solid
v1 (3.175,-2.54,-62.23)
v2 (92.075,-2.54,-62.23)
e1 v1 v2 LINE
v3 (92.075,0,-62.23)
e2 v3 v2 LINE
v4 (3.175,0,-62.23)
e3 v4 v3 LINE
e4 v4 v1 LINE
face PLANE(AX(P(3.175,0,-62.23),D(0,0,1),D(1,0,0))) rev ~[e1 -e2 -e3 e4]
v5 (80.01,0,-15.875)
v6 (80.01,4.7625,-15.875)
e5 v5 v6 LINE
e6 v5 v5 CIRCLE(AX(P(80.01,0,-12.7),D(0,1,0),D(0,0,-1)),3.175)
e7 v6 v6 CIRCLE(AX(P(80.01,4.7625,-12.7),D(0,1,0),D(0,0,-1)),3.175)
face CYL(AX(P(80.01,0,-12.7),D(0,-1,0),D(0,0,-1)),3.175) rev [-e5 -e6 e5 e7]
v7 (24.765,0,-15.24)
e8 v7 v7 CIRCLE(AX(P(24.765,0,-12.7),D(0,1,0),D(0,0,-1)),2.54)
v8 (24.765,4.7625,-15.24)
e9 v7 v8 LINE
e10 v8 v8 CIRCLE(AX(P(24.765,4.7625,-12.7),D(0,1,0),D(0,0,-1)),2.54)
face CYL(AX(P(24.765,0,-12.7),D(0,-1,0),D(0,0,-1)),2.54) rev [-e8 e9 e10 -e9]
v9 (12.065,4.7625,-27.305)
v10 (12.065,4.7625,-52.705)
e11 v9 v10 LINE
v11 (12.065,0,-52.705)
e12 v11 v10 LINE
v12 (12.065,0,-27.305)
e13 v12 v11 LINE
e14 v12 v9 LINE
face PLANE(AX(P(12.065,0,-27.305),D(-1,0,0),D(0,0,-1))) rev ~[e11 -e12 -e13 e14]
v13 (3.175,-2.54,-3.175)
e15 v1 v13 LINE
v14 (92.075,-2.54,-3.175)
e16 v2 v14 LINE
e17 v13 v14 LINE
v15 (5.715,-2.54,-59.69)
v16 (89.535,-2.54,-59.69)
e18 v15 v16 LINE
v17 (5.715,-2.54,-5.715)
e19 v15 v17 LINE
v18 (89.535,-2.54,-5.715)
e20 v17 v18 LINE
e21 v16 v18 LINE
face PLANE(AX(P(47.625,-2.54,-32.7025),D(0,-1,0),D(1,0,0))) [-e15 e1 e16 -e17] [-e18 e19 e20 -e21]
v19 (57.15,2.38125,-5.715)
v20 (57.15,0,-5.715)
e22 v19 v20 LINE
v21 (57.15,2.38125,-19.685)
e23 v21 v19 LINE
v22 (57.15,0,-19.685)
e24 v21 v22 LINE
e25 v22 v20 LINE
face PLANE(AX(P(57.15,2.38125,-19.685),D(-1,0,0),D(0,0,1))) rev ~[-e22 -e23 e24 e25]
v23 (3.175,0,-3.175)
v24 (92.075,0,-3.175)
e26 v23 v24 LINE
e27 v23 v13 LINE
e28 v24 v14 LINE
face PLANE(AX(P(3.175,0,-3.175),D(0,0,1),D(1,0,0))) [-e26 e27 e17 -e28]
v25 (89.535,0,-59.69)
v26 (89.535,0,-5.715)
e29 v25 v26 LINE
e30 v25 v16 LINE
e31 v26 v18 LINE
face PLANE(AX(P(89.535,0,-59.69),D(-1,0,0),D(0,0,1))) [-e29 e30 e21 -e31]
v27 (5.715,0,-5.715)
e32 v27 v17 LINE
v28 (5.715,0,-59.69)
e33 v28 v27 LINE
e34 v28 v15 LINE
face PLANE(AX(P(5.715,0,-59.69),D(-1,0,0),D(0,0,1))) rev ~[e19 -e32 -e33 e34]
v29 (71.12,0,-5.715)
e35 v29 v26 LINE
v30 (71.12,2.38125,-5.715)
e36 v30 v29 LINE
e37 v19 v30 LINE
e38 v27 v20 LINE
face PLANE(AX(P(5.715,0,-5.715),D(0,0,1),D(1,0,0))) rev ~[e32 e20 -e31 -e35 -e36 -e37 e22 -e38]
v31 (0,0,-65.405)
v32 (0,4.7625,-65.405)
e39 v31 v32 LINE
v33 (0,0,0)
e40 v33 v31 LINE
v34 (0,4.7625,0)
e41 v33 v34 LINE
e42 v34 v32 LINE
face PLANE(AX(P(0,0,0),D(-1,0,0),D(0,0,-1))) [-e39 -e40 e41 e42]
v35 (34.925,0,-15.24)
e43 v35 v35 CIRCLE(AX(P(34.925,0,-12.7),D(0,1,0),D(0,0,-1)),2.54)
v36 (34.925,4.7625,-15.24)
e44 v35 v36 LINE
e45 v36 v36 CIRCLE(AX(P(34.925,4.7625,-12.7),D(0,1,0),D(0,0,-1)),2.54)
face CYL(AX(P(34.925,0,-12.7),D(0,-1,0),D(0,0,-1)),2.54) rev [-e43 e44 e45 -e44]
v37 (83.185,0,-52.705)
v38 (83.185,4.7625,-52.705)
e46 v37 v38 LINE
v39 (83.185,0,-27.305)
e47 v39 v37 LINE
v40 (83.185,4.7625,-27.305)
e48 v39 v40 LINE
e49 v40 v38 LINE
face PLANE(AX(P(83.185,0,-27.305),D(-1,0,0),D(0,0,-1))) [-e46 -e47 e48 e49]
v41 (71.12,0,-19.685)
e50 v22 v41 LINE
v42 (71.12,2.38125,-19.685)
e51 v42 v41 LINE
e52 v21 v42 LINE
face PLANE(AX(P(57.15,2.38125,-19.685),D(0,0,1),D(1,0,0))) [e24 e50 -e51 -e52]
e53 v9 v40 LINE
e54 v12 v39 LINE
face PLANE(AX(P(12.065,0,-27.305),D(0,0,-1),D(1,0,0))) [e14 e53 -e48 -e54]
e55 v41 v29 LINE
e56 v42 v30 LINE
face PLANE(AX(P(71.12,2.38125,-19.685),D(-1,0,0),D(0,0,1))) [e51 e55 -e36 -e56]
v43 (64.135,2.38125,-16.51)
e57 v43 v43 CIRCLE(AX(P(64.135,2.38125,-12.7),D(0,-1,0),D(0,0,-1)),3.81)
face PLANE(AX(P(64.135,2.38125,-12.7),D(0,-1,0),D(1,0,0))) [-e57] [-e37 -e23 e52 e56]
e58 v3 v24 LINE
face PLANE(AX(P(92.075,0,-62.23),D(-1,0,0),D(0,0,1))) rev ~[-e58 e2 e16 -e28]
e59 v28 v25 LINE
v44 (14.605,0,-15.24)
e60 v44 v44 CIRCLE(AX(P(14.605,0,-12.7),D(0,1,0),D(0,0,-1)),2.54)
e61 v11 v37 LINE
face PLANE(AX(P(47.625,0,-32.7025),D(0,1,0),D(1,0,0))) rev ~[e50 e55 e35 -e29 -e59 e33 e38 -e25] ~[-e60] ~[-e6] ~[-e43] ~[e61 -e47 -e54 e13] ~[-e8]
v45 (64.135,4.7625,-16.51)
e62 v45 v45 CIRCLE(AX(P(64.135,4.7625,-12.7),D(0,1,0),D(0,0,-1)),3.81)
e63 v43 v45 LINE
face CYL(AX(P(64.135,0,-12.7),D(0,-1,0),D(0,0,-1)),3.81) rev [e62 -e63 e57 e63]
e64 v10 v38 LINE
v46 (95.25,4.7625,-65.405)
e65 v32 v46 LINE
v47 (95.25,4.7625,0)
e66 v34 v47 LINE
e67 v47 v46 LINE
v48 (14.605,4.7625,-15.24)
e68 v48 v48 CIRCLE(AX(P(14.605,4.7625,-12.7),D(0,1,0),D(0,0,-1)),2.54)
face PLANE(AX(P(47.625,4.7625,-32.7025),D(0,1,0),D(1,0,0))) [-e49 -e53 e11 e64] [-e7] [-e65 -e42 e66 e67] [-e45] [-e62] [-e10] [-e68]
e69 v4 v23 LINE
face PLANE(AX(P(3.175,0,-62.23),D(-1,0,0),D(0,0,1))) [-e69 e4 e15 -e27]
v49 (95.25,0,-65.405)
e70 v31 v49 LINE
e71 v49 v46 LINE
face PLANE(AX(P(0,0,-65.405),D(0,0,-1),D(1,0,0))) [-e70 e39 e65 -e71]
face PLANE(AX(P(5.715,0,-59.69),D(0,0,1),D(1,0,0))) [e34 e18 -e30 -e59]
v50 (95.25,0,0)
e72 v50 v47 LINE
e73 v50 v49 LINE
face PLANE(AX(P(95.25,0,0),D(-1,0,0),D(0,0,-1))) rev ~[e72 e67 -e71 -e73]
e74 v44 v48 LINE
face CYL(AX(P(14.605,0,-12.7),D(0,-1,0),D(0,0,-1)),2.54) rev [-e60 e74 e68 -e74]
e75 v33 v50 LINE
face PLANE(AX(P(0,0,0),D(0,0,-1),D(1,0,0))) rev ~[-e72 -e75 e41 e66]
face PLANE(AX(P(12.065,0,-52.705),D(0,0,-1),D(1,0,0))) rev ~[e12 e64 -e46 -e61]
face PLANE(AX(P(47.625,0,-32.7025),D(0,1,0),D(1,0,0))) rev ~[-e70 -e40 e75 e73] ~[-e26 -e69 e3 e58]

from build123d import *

# Parameters (mm, degrees)
SKETCH1_W               = 95.25
SKETCH1_H               = 65.405
SKETCH1_R               = 2.54
SKETCH1_R_2             = 3.175
SKETCH1_R_3             = 3.81
SKETCH1_W_2             = 71.12
SKETCH1_H_2             = 25.4
BOSS_EXTRUDE1_DEPTH     = 4.7625
SKETCH3_W               = 88.9
SKETCH3_H               = 59.055
SKETCH3_W_2             = 83.82
SKETCH3_H_2             = 53.975
BOSS_EXTRUDE2_DEPTH     = 2.54
CUT_EXTRUDE1_DEPTH      = 116.641938462
CUT_EXTRUDE1_DEPTH_BACK = 2.38125
SKETCH2_W               = 13.97
SKETCH2_H               = 13.97


with BuildPart() as part:
    # Sketch1 → Boss-Extrude1 (new body)
    with BuildSketch(Plane(origin=(0, 0, 0), x_dir=(1, 0, 0), z_dir=(0, 1, 0))):
        with Locations((47.625, 32.7025)):
            Rectangle(SKETCH1_W, SKETCH1_H)
        with Locations(Location((34.925, 12.7, 0), (0, 0, 90))):
            Circle(SKETCH1_R, mode=Mode.SUBTRACT)
        with Locations(Location((14.605, 12.7, 0), (0, 0, 90))):
            Circle(SKETCH1_R, mode=Mode.SUBTRACT)
        with Locations(Location((24.765, 12.7, 0), (0, 0, 90))):
            Circle(SKETCH1_R, mode=Mode.SUBTRACT)
        with Locations(Location((80.01, 12.7, 0), (0, 0, 90))):
            Circle(SKETCH1_R_2, mode=Mode.SUBTRACT)
        with Locations(Location((64.135, 12.7, 0), (0, 0, 90))):
            Circle(SKETCH1_R_3, mode=Mode.SUBTRACT)
        with Locations((47.625, 40.005)):
            Rectangle(SKETCH1_W_2, SKETCH1_H_2, mode=Mode.SUBTRACT)
    extrude(amount=BOSS_EXTRUDE1_DEPTH)

    # Sketch3 → Boss-Extrude2 (add)
    with BuildSketch(Plane.XZ):
        with Locations((47.625, -32.7025)):
            Rectangle(SKETCH3_W, SKETCH3_H)
        with Locations((47.625, -32.7025)):
            Rectangle(SKETCH3_W_2, SKETCH3_H_2, mode=Mode.SUBTRACT)
    extrude(amount=BOSS_EXTRUDE2_DEPTH)

    # Sketch2 → Cut-Extrude1 (cut, two sides: drawn at the far end of the back side and taken through both)
    with BuildSketch(Plane.XZ.offset(-CUT_EXTRUDE1_DEPTH_BACK)):
        with Locations((64.135, -12.7)):
            Rectangle(SKETCH2_W, SKETCH2_H)
    extrude(amount=CUT_EXTRUDE1_DEPTH + CUT_EXTRUDE1_DEPTH_BACK, mode=Mode.SUBTRACT)


solid = part.part
